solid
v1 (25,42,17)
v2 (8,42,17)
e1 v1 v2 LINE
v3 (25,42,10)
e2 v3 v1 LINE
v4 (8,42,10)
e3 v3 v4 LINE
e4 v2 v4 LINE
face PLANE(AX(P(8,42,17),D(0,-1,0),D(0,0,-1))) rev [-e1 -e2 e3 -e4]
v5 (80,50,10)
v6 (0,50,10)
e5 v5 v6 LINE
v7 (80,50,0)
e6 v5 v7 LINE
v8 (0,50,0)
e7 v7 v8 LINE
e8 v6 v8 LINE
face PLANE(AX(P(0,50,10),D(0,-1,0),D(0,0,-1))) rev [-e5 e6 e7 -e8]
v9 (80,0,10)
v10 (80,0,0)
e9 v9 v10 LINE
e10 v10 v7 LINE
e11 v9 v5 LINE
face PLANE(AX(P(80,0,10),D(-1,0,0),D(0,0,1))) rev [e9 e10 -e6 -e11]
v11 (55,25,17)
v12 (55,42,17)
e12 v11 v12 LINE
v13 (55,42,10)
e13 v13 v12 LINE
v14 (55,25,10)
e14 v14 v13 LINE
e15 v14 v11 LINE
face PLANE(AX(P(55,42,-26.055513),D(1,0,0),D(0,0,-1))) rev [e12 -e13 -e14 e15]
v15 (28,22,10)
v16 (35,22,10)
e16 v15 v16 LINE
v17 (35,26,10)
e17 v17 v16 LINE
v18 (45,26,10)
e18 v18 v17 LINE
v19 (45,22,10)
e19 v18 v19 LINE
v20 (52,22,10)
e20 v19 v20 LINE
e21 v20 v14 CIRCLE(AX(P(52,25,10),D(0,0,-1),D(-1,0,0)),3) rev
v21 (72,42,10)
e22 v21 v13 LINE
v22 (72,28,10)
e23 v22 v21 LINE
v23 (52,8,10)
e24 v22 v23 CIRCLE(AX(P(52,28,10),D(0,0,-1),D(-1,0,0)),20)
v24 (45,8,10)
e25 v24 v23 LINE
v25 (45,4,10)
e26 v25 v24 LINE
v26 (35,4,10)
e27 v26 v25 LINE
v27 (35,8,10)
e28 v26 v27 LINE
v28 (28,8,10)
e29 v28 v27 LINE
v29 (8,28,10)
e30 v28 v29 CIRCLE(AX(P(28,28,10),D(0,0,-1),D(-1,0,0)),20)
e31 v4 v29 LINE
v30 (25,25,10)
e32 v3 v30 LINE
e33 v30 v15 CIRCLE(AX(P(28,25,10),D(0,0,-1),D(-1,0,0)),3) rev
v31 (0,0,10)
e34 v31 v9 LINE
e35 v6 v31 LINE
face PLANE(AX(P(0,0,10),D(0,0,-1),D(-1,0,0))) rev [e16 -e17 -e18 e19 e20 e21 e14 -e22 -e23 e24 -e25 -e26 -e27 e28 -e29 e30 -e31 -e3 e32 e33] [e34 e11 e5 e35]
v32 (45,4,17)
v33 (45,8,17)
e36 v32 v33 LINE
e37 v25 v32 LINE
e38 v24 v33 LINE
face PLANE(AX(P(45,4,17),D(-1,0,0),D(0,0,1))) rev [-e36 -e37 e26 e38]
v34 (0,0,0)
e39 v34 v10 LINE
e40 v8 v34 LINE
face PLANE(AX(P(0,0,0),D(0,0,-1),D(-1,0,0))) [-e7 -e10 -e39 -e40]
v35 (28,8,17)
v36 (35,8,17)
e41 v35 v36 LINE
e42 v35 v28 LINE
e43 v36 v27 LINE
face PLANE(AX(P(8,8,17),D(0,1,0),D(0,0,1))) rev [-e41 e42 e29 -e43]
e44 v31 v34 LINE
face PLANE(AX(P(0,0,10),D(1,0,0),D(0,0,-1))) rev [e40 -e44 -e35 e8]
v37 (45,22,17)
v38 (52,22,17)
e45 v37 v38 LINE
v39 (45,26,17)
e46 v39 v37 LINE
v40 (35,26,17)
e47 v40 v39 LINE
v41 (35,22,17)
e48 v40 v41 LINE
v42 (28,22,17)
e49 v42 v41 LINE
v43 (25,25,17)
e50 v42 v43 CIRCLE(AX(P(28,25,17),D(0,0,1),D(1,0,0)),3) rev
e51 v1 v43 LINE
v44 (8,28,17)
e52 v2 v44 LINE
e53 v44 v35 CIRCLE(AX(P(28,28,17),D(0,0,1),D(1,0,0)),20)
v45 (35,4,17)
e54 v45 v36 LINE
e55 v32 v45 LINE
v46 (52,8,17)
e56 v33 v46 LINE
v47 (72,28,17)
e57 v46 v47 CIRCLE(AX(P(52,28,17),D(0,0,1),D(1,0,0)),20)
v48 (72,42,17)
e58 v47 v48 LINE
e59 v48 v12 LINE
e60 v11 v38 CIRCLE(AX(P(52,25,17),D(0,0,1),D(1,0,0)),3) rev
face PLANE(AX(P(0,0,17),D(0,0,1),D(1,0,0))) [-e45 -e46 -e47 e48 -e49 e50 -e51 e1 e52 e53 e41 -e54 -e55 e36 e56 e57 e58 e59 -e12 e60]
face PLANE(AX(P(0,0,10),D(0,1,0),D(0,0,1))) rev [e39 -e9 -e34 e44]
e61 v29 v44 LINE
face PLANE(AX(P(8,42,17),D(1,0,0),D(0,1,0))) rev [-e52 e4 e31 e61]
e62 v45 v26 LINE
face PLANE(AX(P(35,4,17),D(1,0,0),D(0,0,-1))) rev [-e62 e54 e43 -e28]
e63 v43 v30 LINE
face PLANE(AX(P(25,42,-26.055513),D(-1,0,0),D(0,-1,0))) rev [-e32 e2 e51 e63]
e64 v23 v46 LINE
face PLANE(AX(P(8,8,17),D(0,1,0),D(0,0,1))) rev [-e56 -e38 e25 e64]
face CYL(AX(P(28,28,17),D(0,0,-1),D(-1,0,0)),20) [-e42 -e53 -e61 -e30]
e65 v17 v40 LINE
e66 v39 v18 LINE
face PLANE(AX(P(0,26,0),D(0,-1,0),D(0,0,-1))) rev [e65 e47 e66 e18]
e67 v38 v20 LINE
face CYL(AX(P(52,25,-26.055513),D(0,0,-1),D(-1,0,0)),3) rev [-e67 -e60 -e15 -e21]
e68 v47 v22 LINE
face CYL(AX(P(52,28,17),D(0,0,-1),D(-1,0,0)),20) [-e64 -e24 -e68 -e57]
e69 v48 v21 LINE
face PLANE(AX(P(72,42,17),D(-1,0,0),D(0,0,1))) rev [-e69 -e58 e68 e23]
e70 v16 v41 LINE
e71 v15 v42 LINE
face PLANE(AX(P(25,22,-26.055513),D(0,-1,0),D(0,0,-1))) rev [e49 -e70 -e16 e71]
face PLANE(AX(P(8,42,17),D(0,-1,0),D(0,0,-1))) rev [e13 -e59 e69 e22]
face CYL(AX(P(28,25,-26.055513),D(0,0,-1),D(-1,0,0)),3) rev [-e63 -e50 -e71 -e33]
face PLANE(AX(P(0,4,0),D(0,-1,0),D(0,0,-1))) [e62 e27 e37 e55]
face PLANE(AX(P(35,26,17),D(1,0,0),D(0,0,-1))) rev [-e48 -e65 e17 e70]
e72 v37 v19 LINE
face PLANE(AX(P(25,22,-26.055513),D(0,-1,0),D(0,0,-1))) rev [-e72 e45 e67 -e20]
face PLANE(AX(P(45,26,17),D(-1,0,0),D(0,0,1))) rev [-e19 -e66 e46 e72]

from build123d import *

# Parameters (mm, degrees)
SKETCH1_W           = 80
SKETCH1_H           = 50
BOSS_EXTRUDE1_DEPTH = 10
SKETCH2_W           = 64
SKETCH2_H           = 34
BOSS_EXTRUDE2_DEPTH = 7
FILLET1_R           = 20
SKETCH3_W           = 10
SKETCH3_H           = 7
BOSS_EXTRUDE3_DEPTH = 4
SKETCH4_W           = 30
SKETCH4_H           = 20
CUT_EXTRUDE1_DEPTH  = 7
FILLET2_R           = 3
SKETCH5_W           = 10
SKETCH5_H           = 7
BOSS_EXTRUDE4_DEPTH = 4


with BuildPart() as part:
    # Sketch1 → Boss-Extrude1 (new body)
    with BuildSketch(Plane.XY):
        with Locations((40, 25)):
            Rectangle(SKETCH1_W, SKETCH1_H)
    extrude(amount=BOSS_EXTRUDE1_DEPTH)

    # Sketch2 → Boss-Extrude2 (add)
    with BuildSketch(Plane.XY.offset(10)):
        with Locations((40, 25)):
            Rectangle(SKETCH2_W, SKETCH2_H)
    extrude(amount=BOSS_EXTRUDE2_DEPTH)

    # Fillet1
    fillet1_edges = [part.edges().sort_by_distance(p)[0] for p in [
        (8, 8, 13.5),
        (72, 8, 13.5),
    ]]
    fillet(fillet1_edges, radius=FILLET1_R)

    # Sketch3 → Boss-Extrude3 (add)
    with BuildSketch(Plane(origin=(0, 8, 0), x_dir=(-1, 0, 0), z_dir=(0, -1, 0))):
        with Locations((-40, -13.5)):
            Rectangle(SKETCH3_W, SKETCH3_H)
    extrude(amount=BOSS_EXTRUDE3_DEPTH)

    # Sketch4 → Cut-Extrude1 (cut)
    with BuildSketch(Plane.XY.offset(17)):
        with Locations((40, 32)):
            Rectangle(SKETCH4_W, SKETCH4_H)
    extrude(amount=-CUT_EXTRUDE1_DEPTH, mode=Mode.SUBTRACT)

    # Fillet2
    fillet2_edges = [part.edges().sort_by_distance(p)[0] for p in [
        (55, 22, 13.5),
        (25, 22, 13.5),
    ]]
    fillet(fillet2_edges, radius=FILLET2_R)

    # Sketch5 → Boss-Extrude4 (add)
    with BuildSketch(Plane(origin=(0, 22, 0), x_dir=(1, 0, 0), z_dir=(0, 1, 0))):
        with Locations((40, -13.5)):
            Rectangle(SKETCH5_W, SKETCH5_H)
    extrude(amount=BOSS_EXTRUDE4_DEPTH)


solid = part.part
